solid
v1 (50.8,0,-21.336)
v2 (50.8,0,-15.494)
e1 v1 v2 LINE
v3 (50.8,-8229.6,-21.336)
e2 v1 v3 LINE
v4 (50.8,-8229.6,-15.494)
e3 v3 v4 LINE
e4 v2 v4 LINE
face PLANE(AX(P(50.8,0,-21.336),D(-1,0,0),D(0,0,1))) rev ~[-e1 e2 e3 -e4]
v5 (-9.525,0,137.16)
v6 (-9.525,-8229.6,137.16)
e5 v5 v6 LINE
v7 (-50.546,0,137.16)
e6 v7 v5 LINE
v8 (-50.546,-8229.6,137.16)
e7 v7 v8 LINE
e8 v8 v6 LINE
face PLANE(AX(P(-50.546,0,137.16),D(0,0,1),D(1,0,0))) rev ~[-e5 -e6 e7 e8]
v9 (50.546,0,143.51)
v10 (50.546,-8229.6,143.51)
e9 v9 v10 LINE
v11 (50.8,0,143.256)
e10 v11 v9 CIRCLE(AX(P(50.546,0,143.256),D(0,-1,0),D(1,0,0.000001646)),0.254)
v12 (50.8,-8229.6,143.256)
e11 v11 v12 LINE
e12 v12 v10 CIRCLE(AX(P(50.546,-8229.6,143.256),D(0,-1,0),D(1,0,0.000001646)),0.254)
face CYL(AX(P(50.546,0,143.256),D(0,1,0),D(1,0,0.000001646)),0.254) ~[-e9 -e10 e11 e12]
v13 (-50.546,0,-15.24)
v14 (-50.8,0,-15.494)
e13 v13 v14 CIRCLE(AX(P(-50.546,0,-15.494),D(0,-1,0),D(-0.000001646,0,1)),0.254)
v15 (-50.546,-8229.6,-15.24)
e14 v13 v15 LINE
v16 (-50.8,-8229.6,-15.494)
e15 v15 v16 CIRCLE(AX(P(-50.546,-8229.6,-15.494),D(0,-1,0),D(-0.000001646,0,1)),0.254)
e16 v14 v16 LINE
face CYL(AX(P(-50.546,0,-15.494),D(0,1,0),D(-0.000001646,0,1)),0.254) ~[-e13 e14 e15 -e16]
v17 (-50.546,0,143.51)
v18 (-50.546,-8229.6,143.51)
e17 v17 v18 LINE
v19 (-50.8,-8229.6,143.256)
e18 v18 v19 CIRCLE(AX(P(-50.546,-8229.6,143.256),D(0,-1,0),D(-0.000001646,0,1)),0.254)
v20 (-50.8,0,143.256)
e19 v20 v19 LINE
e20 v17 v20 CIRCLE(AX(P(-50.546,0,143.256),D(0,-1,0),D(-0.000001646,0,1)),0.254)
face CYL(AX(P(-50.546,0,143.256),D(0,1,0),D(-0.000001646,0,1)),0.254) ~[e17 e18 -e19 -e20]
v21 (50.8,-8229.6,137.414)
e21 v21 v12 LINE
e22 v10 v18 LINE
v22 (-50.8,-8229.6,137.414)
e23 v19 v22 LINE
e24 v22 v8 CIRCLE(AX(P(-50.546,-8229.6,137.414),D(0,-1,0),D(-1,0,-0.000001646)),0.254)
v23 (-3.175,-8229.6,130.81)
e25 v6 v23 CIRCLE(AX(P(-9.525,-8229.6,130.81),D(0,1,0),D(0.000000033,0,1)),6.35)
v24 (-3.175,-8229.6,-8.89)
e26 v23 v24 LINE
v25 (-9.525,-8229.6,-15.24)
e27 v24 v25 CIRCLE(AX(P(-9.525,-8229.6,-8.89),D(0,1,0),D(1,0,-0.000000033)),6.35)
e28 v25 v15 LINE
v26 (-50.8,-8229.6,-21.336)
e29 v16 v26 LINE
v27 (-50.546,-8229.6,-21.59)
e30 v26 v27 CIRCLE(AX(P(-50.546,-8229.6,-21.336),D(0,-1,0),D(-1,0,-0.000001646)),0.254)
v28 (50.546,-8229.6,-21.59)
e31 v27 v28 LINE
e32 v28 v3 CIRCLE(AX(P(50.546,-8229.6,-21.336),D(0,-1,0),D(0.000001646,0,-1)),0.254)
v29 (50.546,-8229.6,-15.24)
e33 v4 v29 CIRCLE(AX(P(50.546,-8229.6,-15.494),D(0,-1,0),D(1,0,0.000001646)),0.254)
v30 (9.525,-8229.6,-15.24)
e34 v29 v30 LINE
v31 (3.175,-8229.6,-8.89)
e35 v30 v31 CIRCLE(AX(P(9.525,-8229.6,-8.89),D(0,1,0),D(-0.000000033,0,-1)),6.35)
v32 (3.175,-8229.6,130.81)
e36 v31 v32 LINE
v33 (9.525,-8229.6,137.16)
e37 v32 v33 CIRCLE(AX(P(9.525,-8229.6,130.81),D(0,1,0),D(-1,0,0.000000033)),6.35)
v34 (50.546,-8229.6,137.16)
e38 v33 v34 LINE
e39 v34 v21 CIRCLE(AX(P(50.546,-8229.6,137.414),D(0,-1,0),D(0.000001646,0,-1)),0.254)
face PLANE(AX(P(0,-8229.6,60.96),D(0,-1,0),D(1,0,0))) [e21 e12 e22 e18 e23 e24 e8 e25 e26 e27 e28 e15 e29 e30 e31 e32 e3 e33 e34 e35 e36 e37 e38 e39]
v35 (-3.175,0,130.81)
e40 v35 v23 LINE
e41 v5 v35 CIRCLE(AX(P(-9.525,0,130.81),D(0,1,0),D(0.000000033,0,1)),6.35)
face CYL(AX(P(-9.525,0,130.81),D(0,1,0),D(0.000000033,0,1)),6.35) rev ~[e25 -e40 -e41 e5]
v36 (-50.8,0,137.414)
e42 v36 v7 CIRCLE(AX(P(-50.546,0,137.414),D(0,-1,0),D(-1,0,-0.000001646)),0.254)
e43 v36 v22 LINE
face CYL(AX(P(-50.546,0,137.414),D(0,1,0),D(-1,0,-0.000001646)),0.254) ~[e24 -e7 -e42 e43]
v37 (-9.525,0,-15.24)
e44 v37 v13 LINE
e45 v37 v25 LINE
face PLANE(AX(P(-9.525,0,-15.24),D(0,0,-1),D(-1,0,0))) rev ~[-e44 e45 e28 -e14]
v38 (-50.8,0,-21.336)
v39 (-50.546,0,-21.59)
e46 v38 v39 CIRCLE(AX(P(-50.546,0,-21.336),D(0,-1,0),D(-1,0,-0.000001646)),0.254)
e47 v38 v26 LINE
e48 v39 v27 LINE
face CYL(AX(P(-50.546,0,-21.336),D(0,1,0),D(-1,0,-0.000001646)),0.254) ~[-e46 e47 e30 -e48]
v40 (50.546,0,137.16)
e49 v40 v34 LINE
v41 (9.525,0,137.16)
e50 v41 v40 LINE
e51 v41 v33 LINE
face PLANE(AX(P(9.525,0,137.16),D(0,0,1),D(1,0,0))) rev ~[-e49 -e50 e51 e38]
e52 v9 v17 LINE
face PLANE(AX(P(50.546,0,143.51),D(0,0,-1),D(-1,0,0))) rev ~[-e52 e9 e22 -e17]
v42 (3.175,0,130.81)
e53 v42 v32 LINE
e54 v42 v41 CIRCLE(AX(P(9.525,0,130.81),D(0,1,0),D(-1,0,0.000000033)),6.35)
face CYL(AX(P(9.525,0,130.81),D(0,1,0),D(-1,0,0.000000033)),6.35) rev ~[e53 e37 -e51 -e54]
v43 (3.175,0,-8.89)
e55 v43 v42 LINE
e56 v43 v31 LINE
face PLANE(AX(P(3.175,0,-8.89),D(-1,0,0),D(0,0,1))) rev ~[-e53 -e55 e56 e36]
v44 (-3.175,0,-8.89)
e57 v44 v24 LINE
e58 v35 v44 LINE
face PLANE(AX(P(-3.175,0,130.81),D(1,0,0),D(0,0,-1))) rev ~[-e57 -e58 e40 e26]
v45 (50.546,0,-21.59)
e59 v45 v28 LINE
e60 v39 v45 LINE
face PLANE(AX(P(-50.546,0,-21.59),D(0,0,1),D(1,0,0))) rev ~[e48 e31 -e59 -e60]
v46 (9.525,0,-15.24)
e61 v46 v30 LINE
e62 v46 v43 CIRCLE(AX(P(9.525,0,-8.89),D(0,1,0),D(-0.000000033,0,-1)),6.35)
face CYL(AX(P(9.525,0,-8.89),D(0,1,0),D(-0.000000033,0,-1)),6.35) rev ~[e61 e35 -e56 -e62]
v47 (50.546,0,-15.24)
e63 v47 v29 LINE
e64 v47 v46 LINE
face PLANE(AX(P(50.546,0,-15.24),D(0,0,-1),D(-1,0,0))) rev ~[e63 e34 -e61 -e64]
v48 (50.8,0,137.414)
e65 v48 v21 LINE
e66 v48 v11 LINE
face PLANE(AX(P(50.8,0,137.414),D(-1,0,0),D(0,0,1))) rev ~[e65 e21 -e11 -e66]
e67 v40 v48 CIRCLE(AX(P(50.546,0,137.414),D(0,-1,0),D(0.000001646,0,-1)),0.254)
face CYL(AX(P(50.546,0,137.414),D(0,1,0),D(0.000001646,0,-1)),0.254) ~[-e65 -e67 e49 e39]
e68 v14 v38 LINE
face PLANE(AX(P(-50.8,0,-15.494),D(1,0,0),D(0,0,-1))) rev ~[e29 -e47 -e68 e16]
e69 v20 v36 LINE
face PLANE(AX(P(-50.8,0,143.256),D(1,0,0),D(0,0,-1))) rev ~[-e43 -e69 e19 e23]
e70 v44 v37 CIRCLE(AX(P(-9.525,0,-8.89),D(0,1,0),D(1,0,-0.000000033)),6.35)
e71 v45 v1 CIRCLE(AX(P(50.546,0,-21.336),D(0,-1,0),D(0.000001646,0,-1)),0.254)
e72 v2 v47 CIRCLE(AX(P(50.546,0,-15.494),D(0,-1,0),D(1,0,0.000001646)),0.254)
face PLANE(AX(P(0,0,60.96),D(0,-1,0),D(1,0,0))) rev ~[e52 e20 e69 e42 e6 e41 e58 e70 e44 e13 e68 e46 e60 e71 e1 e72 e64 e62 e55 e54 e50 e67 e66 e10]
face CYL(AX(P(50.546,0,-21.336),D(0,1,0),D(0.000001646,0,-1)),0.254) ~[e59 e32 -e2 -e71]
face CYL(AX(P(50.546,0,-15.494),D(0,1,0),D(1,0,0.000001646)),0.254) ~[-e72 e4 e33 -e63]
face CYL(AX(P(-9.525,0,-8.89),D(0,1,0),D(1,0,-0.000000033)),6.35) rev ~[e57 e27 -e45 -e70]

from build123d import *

# Parameters (mm, degrees)
F1_DEPTH = 8229.6


with BuildPart() as f1:
    # F0 (on Front) → F1 (new body)
    with BuildSketch(Plane.XZ):
        with BuildLine():
            ThreePointArc((-50.8, 137.414), (-50.725605, 137.234395), (-50.546, 137.16))
            Line((-50.546, 137.16), (-9.525, 137.16))
            ThreePointArc((-9.525, 137.16), (-5.034872, 135.300128), (-3.175, 130.81))
            Line((-3.175, 130.81), (-3.175, -8.89))
            ThreePointArc((-3.175, -8.89), (-5.034872, -13.380128), (-9.525, -15.24))
            Line((-9.525, -15.24), (-50.546, -15.24))
            ThreePointArc((-50.546, -15.24), (-50.725605, -15.314395), (-50.8, -15.494))
            Line((-50.8, -15.494), (-50.8, -21.336))
            ThreePointArc((-50.8, -21.336), (-50.725605, -21.515605), (-50.546, -21.59))
            Line((-50.546, -21.59), (50.546, -21.59))
            ThreePointArc((50.546, -21.59), (50.725605, -21.515605), (50.8, -21.336))
            Line((50.8, -21.336), (50.8, -15.494))
            ThreePointArc((50.8, -15.494), (50.725605, -15.314395), (50.546, -15.24))
            Line((50.546, -15.24), (9.525, -15.24))
            ThreePointArc((9.525, -15.24), (5.034872, -13.380128), (3.175, -8.89))
            Line((3.175, -8.89), (3.175, 130.81))
            ThreePointArc((3.175, 130.81), (5.034872, 135.300128), (9.525, 137.16))
            Line((9.525, 137.16), (50.546, 137.16))
            ThreePointArc((50.546, 137.16), (50.725605, 137.234395), (50.8, 137.414))
            Line((50.8, 137.414), (50.8, 143.256))
            ThreePointArc((50.8, 143.256), (50.725605, 143.435605), (50.546, 143.51))
            Line((50.546, 143.51), (-50.546, 143.51))
            ThreePointArc((-50.546, 143.51), (-50.725605, 143.435605), (-50.8, 143.256))
            Line((-50.8, 143.256), (-50.8, 137.414))
        make_face()
    extrude(amount=F1_DEPTH)


solid = f1.part
